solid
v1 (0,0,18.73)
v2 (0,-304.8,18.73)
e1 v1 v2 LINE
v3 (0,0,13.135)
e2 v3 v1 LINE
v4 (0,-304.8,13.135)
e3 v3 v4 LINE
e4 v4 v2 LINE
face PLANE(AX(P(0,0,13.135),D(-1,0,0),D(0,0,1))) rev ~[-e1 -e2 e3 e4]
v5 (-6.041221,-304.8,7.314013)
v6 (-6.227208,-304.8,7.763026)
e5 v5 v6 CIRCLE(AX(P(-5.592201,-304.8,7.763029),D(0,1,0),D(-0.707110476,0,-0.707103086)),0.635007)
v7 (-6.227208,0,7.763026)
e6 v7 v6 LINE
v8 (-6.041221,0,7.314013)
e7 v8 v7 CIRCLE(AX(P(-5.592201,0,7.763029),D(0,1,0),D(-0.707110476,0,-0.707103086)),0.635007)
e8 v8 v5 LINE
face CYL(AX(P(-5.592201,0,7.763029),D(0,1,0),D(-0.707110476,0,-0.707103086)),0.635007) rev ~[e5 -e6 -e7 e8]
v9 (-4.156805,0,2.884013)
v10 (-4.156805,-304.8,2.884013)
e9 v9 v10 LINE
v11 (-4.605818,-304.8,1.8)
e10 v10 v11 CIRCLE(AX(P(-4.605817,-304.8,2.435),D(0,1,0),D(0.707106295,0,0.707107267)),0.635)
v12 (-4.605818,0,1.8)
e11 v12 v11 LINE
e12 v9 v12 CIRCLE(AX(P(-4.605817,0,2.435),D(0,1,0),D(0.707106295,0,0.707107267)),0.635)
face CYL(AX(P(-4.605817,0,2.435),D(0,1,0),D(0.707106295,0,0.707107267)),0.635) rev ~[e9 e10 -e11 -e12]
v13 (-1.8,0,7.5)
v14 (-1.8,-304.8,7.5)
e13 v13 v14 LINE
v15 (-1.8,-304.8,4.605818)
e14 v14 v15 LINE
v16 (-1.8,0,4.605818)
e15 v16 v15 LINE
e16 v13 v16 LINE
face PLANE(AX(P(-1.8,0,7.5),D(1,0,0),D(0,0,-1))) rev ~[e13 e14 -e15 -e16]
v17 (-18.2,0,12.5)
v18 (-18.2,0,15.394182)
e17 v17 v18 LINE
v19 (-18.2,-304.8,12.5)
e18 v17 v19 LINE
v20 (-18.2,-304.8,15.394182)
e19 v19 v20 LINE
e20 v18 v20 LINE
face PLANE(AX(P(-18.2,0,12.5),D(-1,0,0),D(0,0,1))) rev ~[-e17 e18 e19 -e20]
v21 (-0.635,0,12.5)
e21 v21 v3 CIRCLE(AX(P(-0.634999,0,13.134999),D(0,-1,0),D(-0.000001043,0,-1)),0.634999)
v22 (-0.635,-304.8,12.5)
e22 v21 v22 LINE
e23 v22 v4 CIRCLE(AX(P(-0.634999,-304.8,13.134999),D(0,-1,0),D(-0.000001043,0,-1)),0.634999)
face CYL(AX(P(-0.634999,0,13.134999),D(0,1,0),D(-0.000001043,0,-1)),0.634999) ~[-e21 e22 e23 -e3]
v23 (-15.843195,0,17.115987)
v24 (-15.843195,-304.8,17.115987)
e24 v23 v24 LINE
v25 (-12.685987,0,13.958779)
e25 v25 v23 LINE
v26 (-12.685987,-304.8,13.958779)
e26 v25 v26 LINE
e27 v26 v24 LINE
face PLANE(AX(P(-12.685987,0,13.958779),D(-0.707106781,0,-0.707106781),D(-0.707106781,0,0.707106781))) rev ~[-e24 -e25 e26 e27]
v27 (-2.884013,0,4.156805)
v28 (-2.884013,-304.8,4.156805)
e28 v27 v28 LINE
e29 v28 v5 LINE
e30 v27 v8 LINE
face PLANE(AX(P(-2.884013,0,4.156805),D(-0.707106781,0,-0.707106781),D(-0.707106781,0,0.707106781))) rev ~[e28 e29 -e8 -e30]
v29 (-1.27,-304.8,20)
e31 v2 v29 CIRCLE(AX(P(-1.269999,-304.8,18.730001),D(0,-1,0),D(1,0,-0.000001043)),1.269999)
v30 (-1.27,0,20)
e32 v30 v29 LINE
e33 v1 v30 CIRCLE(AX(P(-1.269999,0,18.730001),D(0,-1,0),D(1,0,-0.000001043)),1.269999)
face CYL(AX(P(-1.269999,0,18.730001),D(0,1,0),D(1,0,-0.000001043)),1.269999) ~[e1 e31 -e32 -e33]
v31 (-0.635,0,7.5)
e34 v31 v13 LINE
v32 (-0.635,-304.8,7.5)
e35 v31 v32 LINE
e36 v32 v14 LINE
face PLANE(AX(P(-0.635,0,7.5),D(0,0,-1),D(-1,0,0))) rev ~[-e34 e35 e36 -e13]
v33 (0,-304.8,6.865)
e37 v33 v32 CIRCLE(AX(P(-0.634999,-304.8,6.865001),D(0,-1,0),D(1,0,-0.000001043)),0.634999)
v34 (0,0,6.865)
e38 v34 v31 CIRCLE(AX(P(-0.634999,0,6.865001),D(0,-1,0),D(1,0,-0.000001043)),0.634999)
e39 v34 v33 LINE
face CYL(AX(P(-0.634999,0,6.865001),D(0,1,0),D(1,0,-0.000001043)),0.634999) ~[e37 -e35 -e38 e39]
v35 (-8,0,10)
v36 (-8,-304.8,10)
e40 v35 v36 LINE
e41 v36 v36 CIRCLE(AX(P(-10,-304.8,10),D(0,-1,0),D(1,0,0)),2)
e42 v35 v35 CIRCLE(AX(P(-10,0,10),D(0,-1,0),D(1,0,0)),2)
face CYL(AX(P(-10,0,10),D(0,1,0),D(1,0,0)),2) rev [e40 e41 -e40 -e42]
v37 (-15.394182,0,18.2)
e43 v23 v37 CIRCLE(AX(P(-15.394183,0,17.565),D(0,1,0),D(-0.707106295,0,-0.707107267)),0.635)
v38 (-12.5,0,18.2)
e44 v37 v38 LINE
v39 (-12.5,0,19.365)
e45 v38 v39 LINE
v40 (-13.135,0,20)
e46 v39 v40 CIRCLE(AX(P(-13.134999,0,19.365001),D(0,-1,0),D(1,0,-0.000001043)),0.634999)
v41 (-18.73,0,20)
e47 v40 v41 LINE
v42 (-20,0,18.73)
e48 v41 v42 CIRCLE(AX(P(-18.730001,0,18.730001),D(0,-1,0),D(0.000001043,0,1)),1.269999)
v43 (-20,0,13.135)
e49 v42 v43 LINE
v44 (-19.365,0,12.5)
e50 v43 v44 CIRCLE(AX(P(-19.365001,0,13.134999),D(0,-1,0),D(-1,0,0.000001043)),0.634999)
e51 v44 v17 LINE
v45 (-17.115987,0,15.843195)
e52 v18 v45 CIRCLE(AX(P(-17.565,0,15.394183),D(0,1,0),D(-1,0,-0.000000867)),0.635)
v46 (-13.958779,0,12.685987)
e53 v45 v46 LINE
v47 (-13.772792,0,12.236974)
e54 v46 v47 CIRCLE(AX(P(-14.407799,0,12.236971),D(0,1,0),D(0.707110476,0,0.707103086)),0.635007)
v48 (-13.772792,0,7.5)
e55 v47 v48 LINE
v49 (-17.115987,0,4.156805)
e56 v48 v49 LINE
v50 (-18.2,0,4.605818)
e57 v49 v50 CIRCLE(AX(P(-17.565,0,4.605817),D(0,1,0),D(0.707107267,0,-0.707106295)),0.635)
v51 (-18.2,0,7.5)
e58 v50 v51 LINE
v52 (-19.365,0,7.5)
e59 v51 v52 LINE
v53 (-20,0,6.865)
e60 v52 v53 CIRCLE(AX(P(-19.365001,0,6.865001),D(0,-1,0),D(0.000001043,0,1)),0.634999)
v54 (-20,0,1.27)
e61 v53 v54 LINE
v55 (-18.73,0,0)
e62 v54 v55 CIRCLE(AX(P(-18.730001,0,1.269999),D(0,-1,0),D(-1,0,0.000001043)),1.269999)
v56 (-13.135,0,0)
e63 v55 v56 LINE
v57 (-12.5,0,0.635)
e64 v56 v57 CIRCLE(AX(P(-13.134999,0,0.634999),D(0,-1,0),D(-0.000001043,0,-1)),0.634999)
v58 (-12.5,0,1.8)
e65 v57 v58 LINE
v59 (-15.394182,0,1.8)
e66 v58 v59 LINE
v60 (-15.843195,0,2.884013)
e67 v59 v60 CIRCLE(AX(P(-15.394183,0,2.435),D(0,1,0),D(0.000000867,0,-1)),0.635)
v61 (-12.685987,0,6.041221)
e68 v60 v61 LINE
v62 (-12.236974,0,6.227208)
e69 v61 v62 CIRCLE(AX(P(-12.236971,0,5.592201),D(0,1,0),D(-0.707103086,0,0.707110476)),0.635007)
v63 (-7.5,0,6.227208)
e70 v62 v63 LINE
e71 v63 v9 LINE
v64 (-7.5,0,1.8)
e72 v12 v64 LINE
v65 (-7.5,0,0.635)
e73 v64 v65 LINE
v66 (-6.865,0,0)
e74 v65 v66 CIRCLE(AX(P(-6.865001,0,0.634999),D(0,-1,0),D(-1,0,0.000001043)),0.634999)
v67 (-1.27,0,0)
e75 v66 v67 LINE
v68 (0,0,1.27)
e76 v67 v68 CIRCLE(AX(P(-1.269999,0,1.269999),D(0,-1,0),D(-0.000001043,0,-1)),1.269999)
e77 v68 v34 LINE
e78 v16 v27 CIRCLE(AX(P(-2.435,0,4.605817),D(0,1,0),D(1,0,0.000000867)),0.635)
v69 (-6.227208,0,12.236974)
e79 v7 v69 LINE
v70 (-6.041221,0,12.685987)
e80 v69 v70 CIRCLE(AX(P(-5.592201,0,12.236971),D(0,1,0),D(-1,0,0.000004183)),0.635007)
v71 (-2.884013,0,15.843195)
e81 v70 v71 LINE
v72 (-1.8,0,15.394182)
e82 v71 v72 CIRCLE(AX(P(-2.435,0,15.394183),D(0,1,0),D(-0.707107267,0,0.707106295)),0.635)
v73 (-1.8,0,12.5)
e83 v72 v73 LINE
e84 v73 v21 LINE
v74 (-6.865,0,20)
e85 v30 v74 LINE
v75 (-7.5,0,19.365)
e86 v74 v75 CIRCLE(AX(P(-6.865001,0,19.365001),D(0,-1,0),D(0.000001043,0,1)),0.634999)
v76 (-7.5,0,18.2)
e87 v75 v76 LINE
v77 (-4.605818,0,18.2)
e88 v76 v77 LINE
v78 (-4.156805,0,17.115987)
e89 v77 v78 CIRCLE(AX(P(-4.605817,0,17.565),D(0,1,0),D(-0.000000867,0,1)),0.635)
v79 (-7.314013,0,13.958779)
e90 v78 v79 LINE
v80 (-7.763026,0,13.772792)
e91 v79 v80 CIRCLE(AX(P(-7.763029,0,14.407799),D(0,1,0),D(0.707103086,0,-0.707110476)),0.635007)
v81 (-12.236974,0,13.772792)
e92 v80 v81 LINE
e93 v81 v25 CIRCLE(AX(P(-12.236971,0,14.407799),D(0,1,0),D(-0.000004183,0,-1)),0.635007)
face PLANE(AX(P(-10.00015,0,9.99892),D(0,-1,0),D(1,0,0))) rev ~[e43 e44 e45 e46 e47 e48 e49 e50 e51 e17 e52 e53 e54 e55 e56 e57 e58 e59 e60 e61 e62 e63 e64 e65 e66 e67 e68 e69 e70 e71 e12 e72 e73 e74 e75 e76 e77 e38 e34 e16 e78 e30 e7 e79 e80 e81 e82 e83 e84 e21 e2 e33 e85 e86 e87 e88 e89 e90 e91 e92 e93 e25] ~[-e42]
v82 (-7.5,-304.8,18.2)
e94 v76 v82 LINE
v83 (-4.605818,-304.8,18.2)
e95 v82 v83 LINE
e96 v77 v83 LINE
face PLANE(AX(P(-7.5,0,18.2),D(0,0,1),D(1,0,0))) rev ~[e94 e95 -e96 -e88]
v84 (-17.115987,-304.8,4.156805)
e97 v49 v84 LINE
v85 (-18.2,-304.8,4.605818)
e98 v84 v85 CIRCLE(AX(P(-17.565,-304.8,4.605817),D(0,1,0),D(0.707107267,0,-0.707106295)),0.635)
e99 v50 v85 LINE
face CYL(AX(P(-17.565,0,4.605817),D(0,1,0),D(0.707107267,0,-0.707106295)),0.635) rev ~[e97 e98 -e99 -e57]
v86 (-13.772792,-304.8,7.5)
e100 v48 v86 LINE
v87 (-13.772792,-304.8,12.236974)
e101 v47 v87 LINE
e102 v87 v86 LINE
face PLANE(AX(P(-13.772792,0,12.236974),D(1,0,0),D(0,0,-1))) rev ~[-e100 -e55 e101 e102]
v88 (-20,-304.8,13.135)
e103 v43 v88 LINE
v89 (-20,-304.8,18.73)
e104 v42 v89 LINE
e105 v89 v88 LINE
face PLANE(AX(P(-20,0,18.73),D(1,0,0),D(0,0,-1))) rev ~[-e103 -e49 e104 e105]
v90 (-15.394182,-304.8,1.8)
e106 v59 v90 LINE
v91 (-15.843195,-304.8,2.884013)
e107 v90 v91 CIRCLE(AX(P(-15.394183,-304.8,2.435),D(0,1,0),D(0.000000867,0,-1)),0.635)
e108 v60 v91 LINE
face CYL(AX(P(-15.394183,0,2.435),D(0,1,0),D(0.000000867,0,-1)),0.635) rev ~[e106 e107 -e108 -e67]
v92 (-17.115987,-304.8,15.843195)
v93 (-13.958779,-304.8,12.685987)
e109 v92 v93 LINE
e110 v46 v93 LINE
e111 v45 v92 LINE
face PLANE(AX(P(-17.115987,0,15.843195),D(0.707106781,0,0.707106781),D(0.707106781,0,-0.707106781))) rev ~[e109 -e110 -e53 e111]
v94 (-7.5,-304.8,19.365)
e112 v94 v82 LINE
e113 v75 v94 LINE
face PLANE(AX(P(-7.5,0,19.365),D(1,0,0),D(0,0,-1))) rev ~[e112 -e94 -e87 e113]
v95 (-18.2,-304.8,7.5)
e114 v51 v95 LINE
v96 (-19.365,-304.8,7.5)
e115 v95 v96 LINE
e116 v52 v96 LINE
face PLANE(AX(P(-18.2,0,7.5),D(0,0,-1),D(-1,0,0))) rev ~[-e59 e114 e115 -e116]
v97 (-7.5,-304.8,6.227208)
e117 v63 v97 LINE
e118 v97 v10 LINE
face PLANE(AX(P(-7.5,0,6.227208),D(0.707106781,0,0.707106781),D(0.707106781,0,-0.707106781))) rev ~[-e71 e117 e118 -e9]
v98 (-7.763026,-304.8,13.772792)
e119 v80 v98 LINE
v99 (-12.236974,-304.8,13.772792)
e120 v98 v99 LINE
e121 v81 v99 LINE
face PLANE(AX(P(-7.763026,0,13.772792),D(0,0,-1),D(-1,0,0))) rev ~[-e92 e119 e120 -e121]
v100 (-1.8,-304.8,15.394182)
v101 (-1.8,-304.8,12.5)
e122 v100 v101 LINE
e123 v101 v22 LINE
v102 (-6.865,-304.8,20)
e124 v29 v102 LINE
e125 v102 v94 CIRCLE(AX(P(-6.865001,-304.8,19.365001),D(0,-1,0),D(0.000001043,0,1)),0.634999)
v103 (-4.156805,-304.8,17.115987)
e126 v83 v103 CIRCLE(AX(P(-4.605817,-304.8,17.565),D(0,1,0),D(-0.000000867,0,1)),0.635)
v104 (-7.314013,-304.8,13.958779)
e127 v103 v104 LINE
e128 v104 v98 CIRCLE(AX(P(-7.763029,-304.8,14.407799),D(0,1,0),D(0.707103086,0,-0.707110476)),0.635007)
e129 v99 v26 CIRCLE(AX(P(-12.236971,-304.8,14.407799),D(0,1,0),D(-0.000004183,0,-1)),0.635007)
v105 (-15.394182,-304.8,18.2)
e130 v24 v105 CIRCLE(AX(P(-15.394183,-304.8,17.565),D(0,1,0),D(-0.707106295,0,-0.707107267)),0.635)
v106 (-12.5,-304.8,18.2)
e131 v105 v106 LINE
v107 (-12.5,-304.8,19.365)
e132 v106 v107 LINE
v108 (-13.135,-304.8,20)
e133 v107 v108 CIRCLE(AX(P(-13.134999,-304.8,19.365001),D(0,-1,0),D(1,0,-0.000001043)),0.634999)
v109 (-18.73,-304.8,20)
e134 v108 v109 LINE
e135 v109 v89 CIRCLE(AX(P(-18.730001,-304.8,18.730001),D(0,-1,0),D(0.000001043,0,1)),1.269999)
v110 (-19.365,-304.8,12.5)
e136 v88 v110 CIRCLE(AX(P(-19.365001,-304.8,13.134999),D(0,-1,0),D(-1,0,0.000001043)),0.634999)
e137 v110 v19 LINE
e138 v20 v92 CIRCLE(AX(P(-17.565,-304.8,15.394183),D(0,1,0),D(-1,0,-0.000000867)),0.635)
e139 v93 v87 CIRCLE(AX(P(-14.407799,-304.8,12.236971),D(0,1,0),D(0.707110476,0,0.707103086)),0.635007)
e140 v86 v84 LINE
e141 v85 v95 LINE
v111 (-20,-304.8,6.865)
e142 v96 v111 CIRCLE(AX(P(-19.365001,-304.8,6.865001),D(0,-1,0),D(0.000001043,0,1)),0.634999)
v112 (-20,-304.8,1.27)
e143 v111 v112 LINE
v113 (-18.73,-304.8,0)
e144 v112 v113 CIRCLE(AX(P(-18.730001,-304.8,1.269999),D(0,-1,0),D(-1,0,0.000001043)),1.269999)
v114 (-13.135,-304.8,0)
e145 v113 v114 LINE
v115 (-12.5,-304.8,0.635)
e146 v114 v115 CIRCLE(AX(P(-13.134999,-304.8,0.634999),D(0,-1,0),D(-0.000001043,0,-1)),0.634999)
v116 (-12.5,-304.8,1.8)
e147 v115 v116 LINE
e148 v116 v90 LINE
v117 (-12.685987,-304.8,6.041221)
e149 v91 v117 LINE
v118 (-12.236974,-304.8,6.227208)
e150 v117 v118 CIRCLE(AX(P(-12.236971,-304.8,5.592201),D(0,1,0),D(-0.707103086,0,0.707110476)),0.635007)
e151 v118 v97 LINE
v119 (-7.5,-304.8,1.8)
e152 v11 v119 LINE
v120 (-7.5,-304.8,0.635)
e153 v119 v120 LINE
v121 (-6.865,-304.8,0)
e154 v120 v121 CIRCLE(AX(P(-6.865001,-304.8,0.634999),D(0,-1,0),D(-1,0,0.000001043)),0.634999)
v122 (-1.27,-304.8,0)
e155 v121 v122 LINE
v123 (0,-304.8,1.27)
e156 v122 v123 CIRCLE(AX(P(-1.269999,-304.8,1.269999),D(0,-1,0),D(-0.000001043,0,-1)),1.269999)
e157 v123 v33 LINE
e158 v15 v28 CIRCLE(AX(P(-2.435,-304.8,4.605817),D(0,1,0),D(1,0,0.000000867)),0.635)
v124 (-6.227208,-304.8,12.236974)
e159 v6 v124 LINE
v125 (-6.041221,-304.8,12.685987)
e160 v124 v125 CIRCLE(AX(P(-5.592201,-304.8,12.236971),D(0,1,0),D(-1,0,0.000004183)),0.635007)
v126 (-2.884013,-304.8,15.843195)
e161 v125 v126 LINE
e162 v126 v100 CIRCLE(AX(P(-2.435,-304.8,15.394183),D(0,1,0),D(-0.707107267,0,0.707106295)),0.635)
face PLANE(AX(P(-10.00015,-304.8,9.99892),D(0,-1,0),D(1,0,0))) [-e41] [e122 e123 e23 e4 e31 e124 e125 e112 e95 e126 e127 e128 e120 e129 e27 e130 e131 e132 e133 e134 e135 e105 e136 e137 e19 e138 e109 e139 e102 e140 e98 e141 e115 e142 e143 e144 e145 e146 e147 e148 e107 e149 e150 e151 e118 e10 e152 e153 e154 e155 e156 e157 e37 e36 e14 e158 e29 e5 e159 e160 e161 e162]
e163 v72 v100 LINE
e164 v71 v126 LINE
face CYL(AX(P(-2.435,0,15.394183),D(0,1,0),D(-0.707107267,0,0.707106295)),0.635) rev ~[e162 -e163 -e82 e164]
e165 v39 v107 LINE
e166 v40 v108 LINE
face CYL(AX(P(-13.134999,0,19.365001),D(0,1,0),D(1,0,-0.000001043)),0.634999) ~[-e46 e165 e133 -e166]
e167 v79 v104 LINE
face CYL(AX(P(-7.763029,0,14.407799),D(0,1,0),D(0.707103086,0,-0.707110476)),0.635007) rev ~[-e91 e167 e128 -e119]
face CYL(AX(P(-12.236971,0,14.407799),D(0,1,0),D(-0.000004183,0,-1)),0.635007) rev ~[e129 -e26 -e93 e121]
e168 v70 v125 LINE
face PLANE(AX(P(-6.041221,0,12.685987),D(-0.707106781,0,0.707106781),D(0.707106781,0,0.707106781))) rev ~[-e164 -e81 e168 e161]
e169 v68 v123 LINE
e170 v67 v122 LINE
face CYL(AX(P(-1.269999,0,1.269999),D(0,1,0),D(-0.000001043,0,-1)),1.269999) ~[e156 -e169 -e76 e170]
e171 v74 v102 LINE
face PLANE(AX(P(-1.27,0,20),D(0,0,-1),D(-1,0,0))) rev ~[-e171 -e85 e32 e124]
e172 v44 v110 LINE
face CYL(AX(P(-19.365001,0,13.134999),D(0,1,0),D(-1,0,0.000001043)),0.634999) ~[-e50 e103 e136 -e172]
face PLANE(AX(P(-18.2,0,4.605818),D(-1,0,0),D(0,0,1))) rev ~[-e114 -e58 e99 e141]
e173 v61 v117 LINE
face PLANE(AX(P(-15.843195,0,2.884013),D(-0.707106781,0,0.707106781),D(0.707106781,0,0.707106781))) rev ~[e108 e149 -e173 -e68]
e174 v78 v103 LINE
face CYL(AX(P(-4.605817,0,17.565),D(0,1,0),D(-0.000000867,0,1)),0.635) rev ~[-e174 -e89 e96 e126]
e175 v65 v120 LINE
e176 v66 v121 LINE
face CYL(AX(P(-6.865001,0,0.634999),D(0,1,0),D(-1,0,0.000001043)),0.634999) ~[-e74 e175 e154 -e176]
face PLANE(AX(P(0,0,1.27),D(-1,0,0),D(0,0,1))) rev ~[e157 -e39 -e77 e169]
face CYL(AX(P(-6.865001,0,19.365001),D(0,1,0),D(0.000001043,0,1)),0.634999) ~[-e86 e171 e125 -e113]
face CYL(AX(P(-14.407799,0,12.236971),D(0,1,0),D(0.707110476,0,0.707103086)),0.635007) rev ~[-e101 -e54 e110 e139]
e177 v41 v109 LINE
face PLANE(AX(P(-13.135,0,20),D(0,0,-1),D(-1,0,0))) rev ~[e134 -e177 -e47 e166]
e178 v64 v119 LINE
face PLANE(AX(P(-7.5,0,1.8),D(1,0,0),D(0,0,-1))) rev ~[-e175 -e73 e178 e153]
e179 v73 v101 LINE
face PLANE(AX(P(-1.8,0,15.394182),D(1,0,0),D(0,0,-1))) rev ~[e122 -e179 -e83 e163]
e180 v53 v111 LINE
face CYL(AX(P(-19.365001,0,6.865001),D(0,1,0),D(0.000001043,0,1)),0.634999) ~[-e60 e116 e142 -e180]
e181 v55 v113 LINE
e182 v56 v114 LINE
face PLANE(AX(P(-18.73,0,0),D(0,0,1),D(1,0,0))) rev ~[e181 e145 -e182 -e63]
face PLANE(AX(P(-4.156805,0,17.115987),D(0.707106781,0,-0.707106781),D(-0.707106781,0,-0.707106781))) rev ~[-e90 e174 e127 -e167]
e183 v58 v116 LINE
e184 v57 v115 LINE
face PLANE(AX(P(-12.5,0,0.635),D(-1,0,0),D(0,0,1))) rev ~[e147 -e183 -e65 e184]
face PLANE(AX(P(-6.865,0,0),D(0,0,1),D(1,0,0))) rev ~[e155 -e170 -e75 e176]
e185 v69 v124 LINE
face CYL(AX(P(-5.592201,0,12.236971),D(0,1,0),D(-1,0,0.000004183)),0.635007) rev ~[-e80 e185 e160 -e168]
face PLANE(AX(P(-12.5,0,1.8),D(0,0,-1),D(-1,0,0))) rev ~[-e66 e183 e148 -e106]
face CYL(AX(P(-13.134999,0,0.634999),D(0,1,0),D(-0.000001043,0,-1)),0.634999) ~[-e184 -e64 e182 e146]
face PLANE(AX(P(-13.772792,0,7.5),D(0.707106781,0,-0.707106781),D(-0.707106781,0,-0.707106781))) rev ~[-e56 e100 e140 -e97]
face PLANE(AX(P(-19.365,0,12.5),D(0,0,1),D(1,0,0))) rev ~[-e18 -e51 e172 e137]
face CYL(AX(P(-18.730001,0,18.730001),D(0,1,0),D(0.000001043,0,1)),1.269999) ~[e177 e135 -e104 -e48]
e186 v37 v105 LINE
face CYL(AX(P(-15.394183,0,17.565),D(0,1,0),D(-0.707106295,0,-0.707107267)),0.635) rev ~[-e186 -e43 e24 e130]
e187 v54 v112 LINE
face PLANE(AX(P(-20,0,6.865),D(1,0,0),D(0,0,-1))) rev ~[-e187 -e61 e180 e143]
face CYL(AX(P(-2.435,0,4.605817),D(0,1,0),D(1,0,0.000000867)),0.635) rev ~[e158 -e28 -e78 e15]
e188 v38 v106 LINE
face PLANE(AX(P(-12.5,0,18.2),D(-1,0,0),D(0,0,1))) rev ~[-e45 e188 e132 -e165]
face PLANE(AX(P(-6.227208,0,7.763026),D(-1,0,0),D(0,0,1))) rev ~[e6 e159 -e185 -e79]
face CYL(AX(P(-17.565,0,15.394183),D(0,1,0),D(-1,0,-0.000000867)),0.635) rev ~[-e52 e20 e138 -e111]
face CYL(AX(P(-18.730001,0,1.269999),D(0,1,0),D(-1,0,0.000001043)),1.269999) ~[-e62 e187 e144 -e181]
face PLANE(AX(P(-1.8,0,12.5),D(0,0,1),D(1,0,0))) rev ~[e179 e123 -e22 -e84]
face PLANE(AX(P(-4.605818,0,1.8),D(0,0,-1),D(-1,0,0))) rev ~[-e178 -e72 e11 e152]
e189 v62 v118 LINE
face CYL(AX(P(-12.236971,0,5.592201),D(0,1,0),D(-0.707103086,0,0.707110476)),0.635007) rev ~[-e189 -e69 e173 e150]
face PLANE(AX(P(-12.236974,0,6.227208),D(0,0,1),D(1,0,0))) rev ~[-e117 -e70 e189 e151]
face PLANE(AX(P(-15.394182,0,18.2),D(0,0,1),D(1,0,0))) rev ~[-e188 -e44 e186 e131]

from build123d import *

# Parameters (mm, degrees)
F0_R     = 2
F1_DEPTH = 304.8


with BuildPart() as f1:
    # F0 (on Front) → F1 (new body)
    with BuildSketch(Plane.XZ):
        with BuildLine():
            Line((-13.135, 20), (-18.73, 20))
            ThreePointArc((-18.73, 20), (-19.628026, 19.628026), (-20, 18.73))
            Line((-20, 18.73), (-20, 13.135))
            ThreePointArc((-20, 13.135), (-19.814013, 12.685987), (-19.365, 12.5))
            Line((-19.365, 12.5), (-18.2, 12.5))
            Line((-18.2, 12.5), (-18.2, 15.394182))
            ThreePointArc((-18.2, 15.394182), (-17.808004, 15.980846), (-17.115987, 15.843195))
            Line((-17.115987, 15.843195), (-13.958779, 12.685987))
            ThreePointArc((-13.958779, 12.685987), (-13.821129, 12.479978), (-13.772792, 12.236974))
            Line((-13.772792, 12.236974), (-13.772792, 10))
            Line((-13.772792, 10), (-13.772792, 7.5))
            Line((-13.772792, 7.5), (-17.115987, 4.156805))
            ThreePointArc((-17.115987, 4.156805), (-17.808004, 4.019154), (-18.2, 4.605818))
            Line((-18.2, 4.605818), (-18.2, 7.5))
            Line((-18.2, 7.5), (-19.365, 7.5))
            ThreePointArc((-19.365, 7.5), (-19.814013, 7.314013), (-20, 6.865))
            Line((-20, 6.865), (-20, 1.27))
            ThreePointArc((-20, 1.27), (-19.628026, 0.371974), (-18.73, 0))
            Line((-18.73, 0), (-13.135, 0))
            ThreePointArc((-13.135, 0), (-12.685987, 0.185987), (-12.5, 0.635))
            Line((-12.5, 0.635), (-12.5, 1.8))
            Line((-12.5, 1.8), (-15.394182, 1.8))
            ThreePointArc((-15.394182, 1.8), (-15.980846, 2.191996), (-15.843195, 2.884013))
            Line((-15.843195, 2.884013), (-12.685987, 6.041221))
            ThreePointArc((-12.685987, 6.041221), (-12.479978, 6.178871), (-12.236974, 6.227208))
            Line((-12.236974, 6.227208), (-10, 6.227208))
            Line((-10, 6.227208), (-7.5, 6.227208))
            Line((-7.5, 6.227208), (-4.156805, 2.884013))
            ThreePointArc((-4.156805, 2.884013), (-4.019154, 2.191996), (-4.605818, 1.8))
            Line((-4.605818, 1.8), (-7.5, 1.8))
            Line((-7.5, 1.8), (-7.5, 0.635))
            ThreePointArc((-7.5, 0.635), (-7.314013, 0.185987), (-6.865, 0))
            Line((-6.865, 0), (-1.27, 0))
            ThreePointArc((-1.27, 0), (-0.371974, 0.371974), (0, 1.27))
            Line((0, 1.27), (0, 6.865))
            ThreePointArc((0, 6.865), (-0.185987, 7.314013), (-0.635, 7.5))
            Line((-0.635, 7.5), (-1.8, 7.5))
            Line((-1.8, 7.5), (-1.8, 4.605818))
            ThreePointArc((-1.8, 4.605818), (-2.191996, 4.019154), (-2.884013, 4.156805))
            Line((-2.884013, 4.156805), (-6.041221, 7.314013))
            ThreePointArc((-6.041221, 7.314013), (-6.178871, 7.520022), (-6.227208, 7.763026))
            Line((-6.227208, 7.763026), (-6.227208, 10))
            Line((-6.227208, 10), (-6.227208, 12.236974))
            ThreePointArc((-6.227208, 12.236974), (-6.178871, 12.479978), (-6.041221, 12.685987))
            Line((-6.041221, 12.685987), (-2.884013, 15.843195))
            ThreePointArc((-2.884013, 15.843195), (-2.191996, 15.980846), (-1.8, 15.394182))
            Line((-1.8, 15.394182), (-1.8, 12.5))
            Line((-1.8, 12.5), (-0.635, 12.5))
            ThreePointArc((-0.635, 12.5), (-0.185987, 12.685987), (0, 13.135))
            Line((0, 13.135), (0, 18.73))
            ThreePointArc((0, 18.73), (-0.371974, 19.628026), (-1.27, 20))
            Line((-1.27, 20), (-6.865, 20))
            ThreePointArc((-6.865, 20), (-7.314013, 19.814013), (-7.5, 19.365))
            Line((-7.5, 19.365), (-7.5, 18.2))
            Line((-7.5, 18.2), (-4.605818, 18.2))
            ThreePointArc((-4.605818, 18.2), (-4.019154, 17.808004), (-4.156805, 17.115987))
            Line((-4.156805, 17.115987), (-7.314013, 13.958779))
            ThreePointArc((-7.314013, 13.958779), (-7.520022, 13.821129), (-7.763026, 13.772792))
            Line((-7.763026, 13.772792), (-10, 13.772792))
            Line((-10, 13.772792), (-12.236974, 13.772792))
            ThreePointArc((-12.236974, 13.772792), (-12.479978, 13.821129), (-12.685987, 13.958779))
            Line((-12.685987, 13.958779), (-15.843195, 17.115987))
            ThreePointArc((-15.843195, 17.115987), (-15.980846, 17.808004), (-15.394182, 18.2))
            Line((-15.394182, 18.2), (-12.5, 18.2))
            Line((-12.5, 18.2), (-12.5, 19.365))
            ThreePointArc((-12.5, 19.365), (-12.685987, 19.814013), (-13.135, 20))
        make_face()
        with Locations((-10, 10)):
            Circle(F0_R, mode=Mode.SUBTRACT)
    extrude(amount=F1_DEPTH)


solid = f1.part
